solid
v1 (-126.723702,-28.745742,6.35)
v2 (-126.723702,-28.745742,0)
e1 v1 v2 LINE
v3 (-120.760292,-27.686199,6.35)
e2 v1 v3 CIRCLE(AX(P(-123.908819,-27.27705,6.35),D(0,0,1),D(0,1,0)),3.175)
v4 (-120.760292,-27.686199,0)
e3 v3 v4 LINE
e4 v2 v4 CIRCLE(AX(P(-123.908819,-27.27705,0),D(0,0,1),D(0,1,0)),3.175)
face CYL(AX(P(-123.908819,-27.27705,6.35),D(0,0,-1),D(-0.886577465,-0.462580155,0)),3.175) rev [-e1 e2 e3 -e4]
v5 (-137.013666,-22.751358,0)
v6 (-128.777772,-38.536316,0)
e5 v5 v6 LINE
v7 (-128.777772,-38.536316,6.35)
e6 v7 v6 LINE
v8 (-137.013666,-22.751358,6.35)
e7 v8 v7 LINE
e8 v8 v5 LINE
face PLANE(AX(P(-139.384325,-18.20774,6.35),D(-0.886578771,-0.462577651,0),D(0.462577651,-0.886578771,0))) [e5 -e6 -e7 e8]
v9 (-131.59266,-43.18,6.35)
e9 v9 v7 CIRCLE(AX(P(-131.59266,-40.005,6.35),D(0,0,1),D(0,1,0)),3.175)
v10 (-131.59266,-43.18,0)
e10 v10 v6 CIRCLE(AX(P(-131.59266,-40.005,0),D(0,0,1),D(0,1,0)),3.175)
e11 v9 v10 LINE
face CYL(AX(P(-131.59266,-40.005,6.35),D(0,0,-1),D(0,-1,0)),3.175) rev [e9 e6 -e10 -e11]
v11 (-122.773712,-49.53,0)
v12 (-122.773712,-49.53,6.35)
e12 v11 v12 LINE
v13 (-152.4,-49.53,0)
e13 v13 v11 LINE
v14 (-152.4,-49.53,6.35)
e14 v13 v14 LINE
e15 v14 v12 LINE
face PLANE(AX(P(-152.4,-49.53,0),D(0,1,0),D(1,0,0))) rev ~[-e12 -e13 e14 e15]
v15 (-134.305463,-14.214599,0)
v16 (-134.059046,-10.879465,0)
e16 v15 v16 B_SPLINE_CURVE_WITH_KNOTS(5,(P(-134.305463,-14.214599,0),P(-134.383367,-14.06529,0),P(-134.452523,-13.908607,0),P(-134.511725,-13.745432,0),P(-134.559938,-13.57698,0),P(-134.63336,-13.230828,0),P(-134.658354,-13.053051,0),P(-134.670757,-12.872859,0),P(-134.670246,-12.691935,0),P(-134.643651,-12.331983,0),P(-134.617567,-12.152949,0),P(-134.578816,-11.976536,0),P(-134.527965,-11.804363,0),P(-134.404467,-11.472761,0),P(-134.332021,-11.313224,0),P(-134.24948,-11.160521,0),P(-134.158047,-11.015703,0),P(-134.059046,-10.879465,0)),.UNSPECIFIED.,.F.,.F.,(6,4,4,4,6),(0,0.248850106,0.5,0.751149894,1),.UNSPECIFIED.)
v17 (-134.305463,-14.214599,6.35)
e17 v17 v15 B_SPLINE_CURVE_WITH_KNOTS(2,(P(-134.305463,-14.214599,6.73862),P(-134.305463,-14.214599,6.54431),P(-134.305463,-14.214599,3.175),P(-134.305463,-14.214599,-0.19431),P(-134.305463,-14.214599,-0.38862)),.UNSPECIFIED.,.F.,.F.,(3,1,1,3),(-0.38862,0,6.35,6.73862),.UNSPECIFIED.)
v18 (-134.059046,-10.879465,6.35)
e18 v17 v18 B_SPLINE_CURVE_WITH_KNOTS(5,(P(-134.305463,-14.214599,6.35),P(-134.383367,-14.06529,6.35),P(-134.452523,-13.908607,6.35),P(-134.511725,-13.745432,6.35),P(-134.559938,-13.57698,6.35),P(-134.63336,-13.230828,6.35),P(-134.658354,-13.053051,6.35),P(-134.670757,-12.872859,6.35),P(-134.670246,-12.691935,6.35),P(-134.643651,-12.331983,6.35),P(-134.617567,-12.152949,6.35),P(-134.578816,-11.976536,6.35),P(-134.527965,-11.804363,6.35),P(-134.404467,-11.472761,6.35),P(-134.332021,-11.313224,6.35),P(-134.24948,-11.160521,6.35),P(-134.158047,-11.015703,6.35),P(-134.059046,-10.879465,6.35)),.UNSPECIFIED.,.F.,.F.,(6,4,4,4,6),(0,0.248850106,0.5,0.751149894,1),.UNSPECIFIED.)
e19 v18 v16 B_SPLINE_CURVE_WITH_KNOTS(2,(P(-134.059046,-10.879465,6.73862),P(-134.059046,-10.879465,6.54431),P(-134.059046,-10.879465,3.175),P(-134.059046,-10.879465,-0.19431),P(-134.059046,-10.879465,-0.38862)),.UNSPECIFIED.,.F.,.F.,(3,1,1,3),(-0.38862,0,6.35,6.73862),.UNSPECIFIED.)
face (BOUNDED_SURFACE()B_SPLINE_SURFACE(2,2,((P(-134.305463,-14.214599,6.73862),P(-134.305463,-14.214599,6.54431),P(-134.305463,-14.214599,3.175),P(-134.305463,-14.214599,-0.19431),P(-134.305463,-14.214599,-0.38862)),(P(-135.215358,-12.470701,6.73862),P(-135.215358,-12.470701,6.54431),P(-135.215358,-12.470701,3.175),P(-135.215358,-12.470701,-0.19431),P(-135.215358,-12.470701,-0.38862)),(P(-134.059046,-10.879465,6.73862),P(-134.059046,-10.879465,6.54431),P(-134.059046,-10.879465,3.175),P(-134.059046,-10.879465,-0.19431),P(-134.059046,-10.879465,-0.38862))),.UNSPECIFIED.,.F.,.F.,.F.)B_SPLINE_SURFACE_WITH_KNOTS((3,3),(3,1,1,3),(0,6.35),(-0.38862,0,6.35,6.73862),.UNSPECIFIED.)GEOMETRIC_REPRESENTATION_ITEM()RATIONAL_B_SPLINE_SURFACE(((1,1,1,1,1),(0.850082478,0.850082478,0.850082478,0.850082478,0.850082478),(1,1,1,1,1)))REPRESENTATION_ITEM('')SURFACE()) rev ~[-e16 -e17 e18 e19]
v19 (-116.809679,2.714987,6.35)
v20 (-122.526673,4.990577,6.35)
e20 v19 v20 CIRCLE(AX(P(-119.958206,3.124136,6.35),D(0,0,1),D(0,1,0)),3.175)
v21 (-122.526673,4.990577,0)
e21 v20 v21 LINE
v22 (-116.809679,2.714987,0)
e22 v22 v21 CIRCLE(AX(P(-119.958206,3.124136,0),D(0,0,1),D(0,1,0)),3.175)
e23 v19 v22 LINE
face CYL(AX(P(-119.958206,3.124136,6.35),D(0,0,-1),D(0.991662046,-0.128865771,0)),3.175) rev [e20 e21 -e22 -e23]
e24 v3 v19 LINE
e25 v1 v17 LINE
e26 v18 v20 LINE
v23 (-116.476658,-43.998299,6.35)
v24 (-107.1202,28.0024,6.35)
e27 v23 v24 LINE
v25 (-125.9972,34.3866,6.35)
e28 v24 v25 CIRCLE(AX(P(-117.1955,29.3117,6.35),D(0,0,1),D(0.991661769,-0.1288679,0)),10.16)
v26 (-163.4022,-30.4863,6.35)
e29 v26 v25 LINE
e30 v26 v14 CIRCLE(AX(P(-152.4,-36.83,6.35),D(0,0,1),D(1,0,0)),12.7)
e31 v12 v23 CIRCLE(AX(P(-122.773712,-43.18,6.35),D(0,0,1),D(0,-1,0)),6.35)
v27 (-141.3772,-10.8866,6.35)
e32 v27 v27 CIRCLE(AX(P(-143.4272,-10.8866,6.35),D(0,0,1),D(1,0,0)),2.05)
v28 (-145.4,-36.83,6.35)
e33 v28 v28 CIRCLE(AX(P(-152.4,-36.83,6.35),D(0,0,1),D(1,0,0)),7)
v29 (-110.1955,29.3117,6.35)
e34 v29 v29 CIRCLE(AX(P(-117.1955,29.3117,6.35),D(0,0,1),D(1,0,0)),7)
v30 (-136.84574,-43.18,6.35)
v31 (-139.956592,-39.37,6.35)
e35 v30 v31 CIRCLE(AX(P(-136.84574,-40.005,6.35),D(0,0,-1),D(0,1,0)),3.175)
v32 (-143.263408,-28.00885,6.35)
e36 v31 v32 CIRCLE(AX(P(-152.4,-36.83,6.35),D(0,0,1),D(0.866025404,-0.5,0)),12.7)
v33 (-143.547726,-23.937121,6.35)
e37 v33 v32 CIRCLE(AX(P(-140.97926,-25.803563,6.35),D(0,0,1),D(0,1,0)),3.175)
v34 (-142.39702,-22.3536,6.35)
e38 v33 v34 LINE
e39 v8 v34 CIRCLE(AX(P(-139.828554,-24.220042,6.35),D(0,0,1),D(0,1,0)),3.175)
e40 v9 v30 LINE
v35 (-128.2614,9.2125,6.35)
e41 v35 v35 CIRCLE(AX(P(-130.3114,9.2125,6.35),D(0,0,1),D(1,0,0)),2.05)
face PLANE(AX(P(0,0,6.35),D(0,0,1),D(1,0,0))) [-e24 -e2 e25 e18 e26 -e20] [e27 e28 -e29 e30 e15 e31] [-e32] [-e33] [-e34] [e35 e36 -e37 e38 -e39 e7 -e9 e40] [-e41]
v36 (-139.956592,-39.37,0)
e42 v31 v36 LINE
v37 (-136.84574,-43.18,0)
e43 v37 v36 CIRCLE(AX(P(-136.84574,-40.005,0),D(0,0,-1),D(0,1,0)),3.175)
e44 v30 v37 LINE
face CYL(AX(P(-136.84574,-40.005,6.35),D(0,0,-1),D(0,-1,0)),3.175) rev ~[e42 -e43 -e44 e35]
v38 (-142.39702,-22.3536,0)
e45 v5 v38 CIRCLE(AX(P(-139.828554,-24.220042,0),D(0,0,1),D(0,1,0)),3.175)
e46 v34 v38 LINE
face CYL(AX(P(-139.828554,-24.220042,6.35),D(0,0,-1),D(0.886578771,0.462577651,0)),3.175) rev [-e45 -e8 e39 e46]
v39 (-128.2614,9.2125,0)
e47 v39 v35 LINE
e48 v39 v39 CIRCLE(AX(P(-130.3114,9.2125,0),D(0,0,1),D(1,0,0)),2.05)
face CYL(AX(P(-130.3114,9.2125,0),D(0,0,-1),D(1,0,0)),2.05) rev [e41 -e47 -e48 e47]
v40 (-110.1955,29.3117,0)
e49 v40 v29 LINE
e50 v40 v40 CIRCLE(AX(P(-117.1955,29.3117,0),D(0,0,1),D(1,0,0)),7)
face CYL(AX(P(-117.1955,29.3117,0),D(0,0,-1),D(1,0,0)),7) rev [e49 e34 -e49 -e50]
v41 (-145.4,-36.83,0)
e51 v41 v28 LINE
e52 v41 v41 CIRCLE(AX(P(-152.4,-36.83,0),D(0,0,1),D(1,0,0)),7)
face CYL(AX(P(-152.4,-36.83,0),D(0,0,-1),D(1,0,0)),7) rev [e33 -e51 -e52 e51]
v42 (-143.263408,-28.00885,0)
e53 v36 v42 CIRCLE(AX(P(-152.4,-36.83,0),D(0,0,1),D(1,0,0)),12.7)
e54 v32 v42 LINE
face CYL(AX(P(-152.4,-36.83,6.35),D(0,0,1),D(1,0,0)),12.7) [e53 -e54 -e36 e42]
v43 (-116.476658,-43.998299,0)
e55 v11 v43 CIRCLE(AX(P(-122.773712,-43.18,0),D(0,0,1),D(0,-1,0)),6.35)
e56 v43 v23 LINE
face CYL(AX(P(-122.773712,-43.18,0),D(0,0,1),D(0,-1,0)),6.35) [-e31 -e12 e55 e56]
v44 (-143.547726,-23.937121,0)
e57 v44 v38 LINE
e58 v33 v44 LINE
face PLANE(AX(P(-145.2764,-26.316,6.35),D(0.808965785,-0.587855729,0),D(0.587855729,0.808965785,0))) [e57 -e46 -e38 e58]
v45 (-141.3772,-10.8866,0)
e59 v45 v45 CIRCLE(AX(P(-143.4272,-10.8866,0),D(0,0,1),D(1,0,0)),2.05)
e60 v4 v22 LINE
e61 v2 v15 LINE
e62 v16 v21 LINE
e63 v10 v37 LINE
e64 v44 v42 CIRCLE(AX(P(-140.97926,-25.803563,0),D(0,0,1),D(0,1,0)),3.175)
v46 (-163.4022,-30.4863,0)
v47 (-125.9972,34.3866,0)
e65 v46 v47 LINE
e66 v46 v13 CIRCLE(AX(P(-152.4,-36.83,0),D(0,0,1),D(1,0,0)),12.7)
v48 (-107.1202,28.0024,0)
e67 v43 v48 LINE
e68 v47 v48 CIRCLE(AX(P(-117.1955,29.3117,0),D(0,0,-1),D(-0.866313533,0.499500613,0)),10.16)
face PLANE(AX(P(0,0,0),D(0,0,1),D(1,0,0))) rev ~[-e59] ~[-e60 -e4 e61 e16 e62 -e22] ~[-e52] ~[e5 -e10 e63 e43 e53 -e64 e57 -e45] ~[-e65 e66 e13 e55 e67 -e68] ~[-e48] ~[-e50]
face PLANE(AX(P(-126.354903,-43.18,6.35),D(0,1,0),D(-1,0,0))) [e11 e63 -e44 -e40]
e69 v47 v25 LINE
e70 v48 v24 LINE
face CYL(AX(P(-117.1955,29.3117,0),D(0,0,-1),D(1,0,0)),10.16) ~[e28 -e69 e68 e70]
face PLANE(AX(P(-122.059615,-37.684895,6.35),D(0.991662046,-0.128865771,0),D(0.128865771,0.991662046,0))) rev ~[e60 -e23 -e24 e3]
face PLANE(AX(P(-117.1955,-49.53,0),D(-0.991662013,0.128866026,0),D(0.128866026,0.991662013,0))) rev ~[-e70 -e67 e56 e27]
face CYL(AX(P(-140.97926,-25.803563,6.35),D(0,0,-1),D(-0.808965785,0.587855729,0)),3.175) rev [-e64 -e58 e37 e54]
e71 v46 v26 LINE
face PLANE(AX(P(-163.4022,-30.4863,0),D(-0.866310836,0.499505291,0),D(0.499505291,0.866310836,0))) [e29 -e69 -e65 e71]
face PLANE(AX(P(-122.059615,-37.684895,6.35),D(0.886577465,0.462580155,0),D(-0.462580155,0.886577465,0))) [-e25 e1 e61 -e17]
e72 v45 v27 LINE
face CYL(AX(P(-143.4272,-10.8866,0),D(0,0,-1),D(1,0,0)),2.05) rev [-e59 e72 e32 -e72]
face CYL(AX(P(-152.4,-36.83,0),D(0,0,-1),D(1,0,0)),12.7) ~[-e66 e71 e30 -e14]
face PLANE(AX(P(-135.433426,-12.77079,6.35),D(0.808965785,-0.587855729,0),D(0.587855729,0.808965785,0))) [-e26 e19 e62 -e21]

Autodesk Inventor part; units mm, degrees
ref_plane "YZ Plane" through (0, 0, 0) normal (1, 0, 0) x (0, 1, 0)
ref_plane "XZ Plane" through (0, 0, 0) normal (0, 1, 0) x (-1, 0, 0)
ref_plane "XY Plane" through (0, 0, 0) normal (0, 0, 1) x (1, 0, 0)
sketch "Sketch1" plane through (0, 0, 0) normal (0, 0, 1) x (1, 0, 0)
  circle A0 centre (0, 0) radius 7
  line L0 (0, 0) -> (0, -11.43) construction
  line L1 (0, -11.43) -> (-50.8, -11.43) construction
  circle A1 centre (-50.8, -11.43) radius 7
  line L2 (0, -11.43) -> (0, -24.13) construction
  line L3 (-50.8, -11.43) -> (-50.8, -24.13) construction
  line L4 (0, -24.13) -> (-101.6, -24.13) construction
  line L5 (-101.6, -24.13) -> (-101.6, -125.73) construction
  line L6 (0, -24.13) -> (12.7, -24.13) construction
  line L7 (-101.6, -125.73) -> (-35.3, -24.13) construction
  line L8 (-101.6, -125.73) -> (15.6852, -125.73) construction
  line L9 (-35.3, -24.13) -> (-117.1955, 29.3117) construction
  line L10 (-117.1955, 29.3117) -> (-143.4272, -10.8866) construction
  line L11 (-123.0577, 33.1371) -> (-149.2895, -7.0611) construction
  line L12 (-137.565, -14.712) -> (-111.3333, 25.4862) construction
  arc A2 (-111.3333, 25.4862) -> (-123.0577, 33.1371) centre (-117.1955, 29.3117) ccw construction
  arc A3 (-149.2895, -7.0611) -> (-137.565, -14.712) centre (-143.4272, -10.8866) ccw construction
  circle A4 centre (-117.1955, 29.3117) radius 12.7 construction
  circle A5 centre (0, 0) radius 120.8055 construction
  circle A6 centre (-50.8, -11.43) radius 92.6288 construction
  line L13 (-101.6, -125.73) -> (-152.4, -125.73) construction
  line L14 (-152.4, -125.73) -> (-152.4, -87.63) construction
  circle A7 centre (-152.4, -87.63) radius 38.1
  line L15 (-152.4, -87.63) -> (-152.4, -49.53) construction
  line L16 (-152.4, -49.53) -> (-152.4, -36.83) construction
  circle A8 centre (-152.4, -36.83) radius 12.7 construction
  circle A9 centre (-117.1955, 29.3117) radius 10.16
  circle A10 centre (-152.4, -36.83) radius 12.7
  line L17 (-163.4022, -30.4863) -> (-125.9972, 34.3866)
  line L18 (-152.4, -49.53) -> (-117.1955, -49.53)
  circle A11 centre (-130.3114, 9.2125) radius 2.05
  circle A12 centre (-143.4272, -10.8866) radius 2.05
  circle A13 centre (-117.1955, 29.3117) radius 7
  circle A14 centre (-152.4, -36.83) radius 7
  line L19 (-117.1955, -49.53) -> (-107.1202, 28.0024)
  point P0 (-152.4, -49.53)
  dimension "d0" = 14
  dimension "d1" = 11.43
  dimension "d2" = 50.8
  dimension "d3" = 14
  dimension "d4" = 12.7
  dimension "d5" = 12.7
  dimension "d6" = 101.6
  dimension "d7" = 101.6
  dimension "d8" = 12.7
  dimension "d9" = 48
  dimension "d14" = 97.79
  dimension "d15" = 90
  dimension "d16" = 48
  dimension "d17" = 14
  dimension "d18" = 25.4
  dimension "d19" = 50.8
  dimension "d20" = 38.1
  dimension "d21" = 12.7
  dimension "d22" = 20.32
  dimension "d24" = 4.1
  dimension "d25" = 4.1
  dimension "d26" = 14
extrude "Extrusion1" add sketch "Sketch1" along normal blind 6.35 contours A10 | A10 L17 A9 L19 L18 | A9
fillet "Fillet1" radius 6.35 1 edges at (-117.1955, -49.53, 3.175)
sketch "Sketch2" plane through (0, 0, 6.35) normal (0, 0, 1) x (1, 0, 0)
  circle A0 centre (-152.4, -36.83) radius 7 construction
  circle A1 centre (-152.4, -36.83) radius 12.7
  circle A2 centre (-117.1955, 29.3117) radius 7 construction
  circle A3 centre (-117.1955, 29.3117) radius 10.16
  line L0 (-125.9972, 34.3866) -> (-163.4022, -30.4863) construction
  arc A4 (-122.7737, -49.53) -> (-116.4767, -43.9983) centre (-122.7737, -43.18) ccw construction
  line L1 (-152.4, -49.53) -> (-122.7737, -49.53) construction
  line L2 (-116.4767, -43.9983) -> (-107.1202, 28.0024) construction
  line L3 (-122.7737, -43.18) -> (-114.631, 19.4806)
  line L4 (-122.7737, -43.18) -> (-149.4542, -43.18)
  circle A5 centre (-143.4272, -10.8866) radius 2.05 projected
  line L5 (-143.4272, -10.8866) -> (-130.3114, 7.1625) construction
  circle A6 centre (-130.3114, 9.2125) radius 2.05 projected
  line L6 (-145.2764, -26.316) -> (-115.2046, 15.0667)
  line L7 (-136.4387, 11.6152) -> (-149.5546, -6.434)
  arc A7 (-149.5546, -6.434) -> (-137.2998, -15.3392) centre (-143.4272, -10.8866) ccw
  arc A8 (-124.184, 2.7099) -> (-136.4387, 11.6152) centre (-130.3114, 7.1625) ccw
  line L8 (-122.7737, -43.18) -> (-137.2998, -15.3392) construction
  line L9 (-119.9588, -41.7113) -> (-134.485, -13.8705)
  line L10 (-140.1147, -16.8079) -> (-125.5886, -44.6487)
  arc A9 (-125.5886, -44.6487) -> (-119.9588, -41.7113) centre (-122.7737, -43.18) ccw
  arc A10 (-134.485, -13.8705) -> (-140.1147, -16.8079) centre (-137.2998, -15.3392) ccw
  point P0 (0, 0)
  point P1 (-136.8693, -1.862)
  point P2 (-130.0368, -29.2596)
  point P3 (-135.4334, -12.7707)
  point P4 (-122.0596, -37.6849)
  point P5 (-126.3549, -43.18)
  point P6 (-139.3843, -18.2077)
  point P7 (-141.4015, -43.18)
  dimension "d30" = 6.35
extrude "Extrusion2" cut sketch "Sketch2" against normal through all contours A1 L6 L10 L4 | L6 L3 L9 A10
fillet "Fillet2" radius 3.175 7 edges at (-115.2046, 15.0667, 3.175) (-122.0596, -37.6849, 3.175) (-135.4334, -12.7707, 3.175) (-139.3843, -18.2077, 3.175) (-126.3549, -43.18, 3.175) (-141.4015, -43.18, 3.175) (-145.2764, -26.316, 3.175)
properties part number "Intake_FourBar_Plate"
